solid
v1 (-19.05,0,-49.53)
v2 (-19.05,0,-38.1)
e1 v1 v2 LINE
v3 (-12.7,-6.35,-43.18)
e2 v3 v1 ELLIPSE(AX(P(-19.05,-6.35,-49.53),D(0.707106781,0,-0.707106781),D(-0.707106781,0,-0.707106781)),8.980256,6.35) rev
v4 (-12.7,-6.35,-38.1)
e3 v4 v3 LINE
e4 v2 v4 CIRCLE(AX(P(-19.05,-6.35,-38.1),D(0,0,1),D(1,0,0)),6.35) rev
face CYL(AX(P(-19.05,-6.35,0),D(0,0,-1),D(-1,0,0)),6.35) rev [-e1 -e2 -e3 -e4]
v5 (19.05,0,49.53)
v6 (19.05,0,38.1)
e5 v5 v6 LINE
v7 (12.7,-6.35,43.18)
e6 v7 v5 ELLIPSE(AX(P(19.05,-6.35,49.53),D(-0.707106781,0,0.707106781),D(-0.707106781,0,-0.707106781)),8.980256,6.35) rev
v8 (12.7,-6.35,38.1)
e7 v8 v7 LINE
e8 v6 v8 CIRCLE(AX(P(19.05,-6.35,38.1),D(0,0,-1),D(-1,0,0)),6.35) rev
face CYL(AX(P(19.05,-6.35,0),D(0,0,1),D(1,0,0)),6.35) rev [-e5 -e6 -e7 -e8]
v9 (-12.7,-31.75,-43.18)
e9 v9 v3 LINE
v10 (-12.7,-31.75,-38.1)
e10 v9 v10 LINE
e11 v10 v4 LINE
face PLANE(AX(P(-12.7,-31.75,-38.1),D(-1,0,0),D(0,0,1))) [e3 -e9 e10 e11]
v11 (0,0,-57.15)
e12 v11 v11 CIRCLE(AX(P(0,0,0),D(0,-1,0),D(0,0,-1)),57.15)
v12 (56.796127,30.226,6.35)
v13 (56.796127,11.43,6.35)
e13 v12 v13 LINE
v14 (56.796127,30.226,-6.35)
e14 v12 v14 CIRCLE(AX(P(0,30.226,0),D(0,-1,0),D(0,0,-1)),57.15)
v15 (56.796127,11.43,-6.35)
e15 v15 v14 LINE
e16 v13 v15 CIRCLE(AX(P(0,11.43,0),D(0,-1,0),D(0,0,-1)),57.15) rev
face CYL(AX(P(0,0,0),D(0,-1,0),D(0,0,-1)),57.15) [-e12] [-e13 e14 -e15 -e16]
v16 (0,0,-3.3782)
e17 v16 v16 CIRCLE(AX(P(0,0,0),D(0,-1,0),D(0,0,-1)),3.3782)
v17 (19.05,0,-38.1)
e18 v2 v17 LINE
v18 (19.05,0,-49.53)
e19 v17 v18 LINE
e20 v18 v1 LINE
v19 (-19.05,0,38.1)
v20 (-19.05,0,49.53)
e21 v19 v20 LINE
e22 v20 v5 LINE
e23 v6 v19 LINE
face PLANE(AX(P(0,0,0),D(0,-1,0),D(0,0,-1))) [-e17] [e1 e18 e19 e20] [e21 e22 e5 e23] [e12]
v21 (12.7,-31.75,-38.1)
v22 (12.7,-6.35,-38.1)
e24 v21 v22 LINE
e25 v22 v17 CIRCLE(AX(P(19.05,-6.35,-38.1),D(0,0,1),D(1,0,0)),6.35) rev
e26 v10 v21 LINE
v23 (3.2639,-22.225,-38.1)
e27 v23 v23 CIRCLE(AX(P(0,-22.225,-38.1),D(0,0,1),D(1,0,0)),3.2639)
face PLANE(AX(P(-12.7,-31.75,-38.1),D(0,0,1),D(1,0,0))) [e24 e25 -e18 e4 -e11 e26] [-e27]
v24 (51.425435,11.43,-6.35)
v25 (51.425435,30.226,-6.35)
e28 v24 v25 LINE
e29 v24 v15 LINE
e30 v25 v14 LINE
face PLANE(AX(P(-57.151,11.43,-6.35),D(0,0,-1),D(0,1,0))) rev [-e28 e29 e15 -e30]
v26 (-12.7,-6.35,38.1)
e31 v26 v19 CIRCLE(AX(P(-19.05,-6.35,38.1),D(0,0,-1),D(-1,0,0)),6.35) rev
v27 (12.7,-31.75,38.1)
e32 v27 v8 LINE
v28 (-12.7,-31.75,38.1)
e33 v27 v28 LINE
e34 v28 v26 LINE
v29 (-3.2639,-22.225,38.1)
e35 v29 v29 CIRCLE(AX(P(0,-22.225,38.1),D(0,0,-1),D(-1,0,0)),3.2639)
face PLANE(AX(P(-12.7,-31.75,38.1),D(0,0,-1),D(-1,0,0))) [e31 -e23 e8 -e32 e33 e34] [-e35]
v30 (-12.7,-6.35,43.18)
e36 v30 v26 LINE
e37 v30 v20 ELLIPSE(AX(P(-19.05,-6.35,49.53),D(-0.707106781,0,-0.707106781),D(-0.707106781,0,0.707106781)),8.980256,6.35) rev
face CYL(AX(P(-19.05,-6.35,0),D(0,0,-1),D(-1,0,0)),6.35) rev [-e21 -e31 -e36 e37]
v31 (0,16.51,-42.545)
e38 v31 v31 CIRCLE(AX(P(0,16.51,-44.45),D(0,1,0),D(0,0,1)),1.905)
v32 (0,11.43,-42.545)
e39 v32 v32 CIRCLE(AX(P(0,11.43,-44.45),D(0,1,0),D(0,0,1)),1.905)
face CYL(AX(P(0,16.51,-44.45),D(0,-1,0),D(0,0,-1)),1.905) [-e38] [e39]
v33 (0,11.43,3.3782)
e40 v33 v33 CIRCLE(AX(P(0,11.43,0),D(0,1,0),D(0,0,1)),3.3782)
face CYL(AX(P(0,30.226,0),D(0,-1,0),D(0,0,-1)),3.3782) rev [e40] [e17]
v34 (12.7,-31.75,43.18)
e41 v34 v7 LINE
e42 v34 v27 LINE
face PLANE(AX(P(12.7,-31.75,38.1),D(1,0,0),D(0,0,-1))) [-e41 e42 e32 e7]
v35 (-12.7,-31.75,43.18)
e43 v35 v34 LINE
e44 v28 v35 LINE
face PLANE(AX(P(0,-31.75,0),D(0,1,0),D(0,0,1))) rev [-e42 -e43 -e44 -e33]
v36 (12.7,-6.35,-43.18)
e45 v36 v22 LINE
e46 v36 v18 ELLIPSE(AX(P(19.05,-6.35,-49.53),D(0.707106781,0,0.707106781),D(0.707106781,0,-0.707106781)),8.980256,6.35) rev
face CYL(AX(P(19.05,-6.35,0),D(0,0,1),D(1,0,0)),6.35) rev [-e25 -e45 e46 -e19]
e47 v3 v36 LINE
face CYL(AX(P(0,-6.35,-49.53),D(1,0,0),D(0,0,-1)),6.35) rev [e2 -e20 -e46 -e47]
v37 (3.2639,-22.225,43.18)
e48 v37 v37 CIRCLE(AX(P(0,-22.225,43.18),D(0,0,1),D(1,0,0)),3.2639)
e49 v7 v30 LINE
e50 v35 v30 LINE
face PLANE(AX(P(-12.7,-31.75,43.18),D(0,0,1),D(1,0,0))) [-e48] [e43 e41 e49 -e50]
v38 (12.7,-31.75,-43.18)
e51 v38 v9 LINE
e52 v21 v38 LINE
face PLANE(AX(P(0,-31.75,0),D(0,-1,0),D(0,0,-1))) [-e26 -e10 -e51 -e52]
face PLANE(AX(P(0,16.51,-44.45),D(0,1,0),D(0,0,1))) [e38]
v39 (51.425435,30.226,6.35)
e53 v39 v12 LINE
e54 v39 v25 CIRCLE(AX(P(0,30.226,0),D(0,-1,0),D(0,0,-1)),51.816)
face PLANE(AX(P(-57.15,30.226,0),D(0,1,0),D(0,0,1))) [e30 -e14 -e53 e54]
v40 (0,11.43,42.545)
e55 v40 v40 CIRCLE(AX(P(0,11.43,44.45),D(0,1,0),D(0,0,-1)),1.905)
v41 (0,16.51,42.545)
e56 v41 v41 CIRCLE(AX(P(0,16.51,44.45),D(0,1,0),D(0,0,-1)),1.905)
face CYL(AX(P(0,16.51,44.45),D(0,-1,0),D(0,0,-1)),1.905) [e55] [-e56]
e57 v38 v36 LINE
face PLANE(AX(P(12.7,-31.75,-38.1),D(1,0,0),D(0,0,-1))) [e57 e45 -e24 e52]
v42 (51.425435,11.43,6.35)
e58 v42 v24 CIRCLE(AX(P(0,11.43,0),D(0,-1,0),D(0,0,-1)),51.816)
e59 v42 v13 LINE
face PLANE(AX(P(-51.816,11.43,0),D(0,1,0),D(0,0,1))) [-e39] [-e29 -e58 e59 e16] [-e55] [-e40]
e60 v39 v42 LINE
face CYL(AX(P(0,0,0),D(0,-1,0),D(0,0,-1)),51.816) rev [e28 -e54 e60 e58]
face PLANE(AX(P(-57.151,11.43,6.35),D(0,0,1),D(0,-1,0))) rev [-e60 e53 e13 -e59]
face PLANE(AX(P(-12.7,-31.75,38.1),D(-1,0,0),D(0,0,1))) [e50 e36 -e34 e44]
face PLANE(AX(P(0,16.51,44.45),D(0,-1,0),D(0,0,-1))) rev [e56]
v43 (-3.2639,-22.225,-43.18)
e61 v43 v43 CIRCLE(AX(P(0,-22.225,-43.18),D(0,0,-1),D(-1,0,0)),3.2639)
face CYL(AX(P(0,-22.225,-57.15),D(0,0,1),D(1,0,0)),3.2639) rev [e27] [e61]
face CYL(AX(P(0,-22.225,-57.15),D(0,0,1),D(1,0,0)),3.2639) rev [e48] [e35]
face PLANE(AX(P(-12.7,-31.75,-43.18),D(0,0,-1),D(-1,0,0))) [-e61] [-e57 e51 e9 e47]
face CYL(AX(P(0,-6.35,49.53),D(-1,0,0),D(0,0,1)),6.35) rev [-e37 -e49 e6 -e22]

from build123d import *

# Parameters (mm, degrees)
REVOLVE1_ANGLE          = 360
CUT_EXTRUDE2_REACH      = 116.3
SKETCH4_W               = 12.7
SKETCH4_H               = 18.796
SKETCH5_R               = 3.3782
CUT_EXTRUDE3_DEPTH      = 31.226
SKETCH6_R               = 1.905
BOSS_EXTRUDE1_DEPTH     = 5.08
SKETCH7_W               = 25.4
SKETCH7_H               = 5.08
BOSS_EXTRUDE4_DEPTH     = 31.75
FILLET1_R               = 6.35
SKETCH8_R               = 3.2639
CUT_EXTRUDE4_DEPTH      = 14.97
CUT_EXTRUDE4_DEPTH_BACK = 101.33


with BuildPart() as part:
    # Sketch1 → Revolve1 (revolve, symmetric)
    with BuildSketch(Plane.XY) as revolve1_sk:
        Polygon((0, 0), (57.15, 0), (57.15, 30.226), (51.816, 30.226), (51.816, 11.43), (0, 11.43), align=None)
    revolve(axis=Axis((0, 0, 0), (0, 1, 0)), revolution_arc=REVOLVE1_ANGLE / 2)
    revolve(revolve1_sk.sketch, axis=Axis((0, 0, 0), (0, -1, 0)), revolution_arc=REVOLVE1_ANGLE / 2)

    # Sketch4 → Cut-Extrude2 (cut, up to next)
    with BuildSketch(Plane(origin=(57.15, 0, 0), x_dir=(0, 0, -1), z_dir=(1, 0, 0)), mode=Mode.PRIVATE) as cut_extrude2_sk1:
        with Locations((0, 20.828)):
            Rectangle(SKETCH4_W, SKETCH4_H)
    cut_extrude2_tool1 = extrude(cut_extrude2_sk1.sketch, amount=-CUT_EXTRUDE2_REACH, mode=Mode.PRIVATE) & part.part
    add(cut_extrude2_tool1.solids().sort_by_distance((57.15, 20.828, 0))[0], mode=Mode.SUBTRACT)

    # Sketch5 → Cut-Extrude3 (cut, through all)
    with BuildSketch(Plane.XZ):
        Circle(SKETCH5_R)
    extrude(amount=-CUT_EXTRUDE3_DEPTH, mode=Mode.SUBTRACT)

    # Sketch6 → Boss-Extrude1 (add)
    with BuildSketch(Plane(origin=(0, 11.43, 0), x_dir=(1, 0, 0), z_dir=(0, 1, 0))):
        with Locations((0, 44.45)):
            Circle(SKETCH6_R)
        with Locations((0, -44.45)):
            Circle(SKETCH6_R)
    extrude(amount=BOSS_EXTRUDE1_DEPTH)

    # Sketch7 → Boss-Extrude4 (add)
    with BuildSketch(Plane(origin=(0, 0, 0), x_dir=(1, 0, 0), z_dir=(0, 1, 0))):
        with Locations((0, -40.64)):
            Rectangle(SKETCH7_W, SKETCH7_H)
        with Locations((0, 40.64)):
            Rectangle(SKETCH7_W, SKETCH7_H)
    extrude(amount=-BOSS_EXTRUDE4_DEPTH)

    # Fillet1
    fillet1_edges = [part.edges().sort_by_distance(p)[0] for p in [
        (12.7, 0, 40.64),
        (-12.7, 0, 40.64),
        (0, 0, 43.18),
        (-12.7, 0, -40.64),
        (12.7, 0, -40.64),
        (0, 0, -43.18),
    ]]
    fillet(fillet1_edges, radius=FILLET1_R)

    # Sketch8 → Cut-Extrude4 (cut, two sides)
    with BuildSketch(Plane.XY.offset(43.18)) as cut_extrude4_sk:
        with Locations((0, -22.225)):
            Circle(SKETCH8_R)
    extrude(amount=CUT_EXTRUDE4_DEPTH, mode=Mode.SUBTRACT)
    extrude(cut_extrude4_sk.sketch, amount=-CUT_EXTRUDE4_DEPTH_BACK, mode=Mode.SUBTRACT)


solid = part.part
